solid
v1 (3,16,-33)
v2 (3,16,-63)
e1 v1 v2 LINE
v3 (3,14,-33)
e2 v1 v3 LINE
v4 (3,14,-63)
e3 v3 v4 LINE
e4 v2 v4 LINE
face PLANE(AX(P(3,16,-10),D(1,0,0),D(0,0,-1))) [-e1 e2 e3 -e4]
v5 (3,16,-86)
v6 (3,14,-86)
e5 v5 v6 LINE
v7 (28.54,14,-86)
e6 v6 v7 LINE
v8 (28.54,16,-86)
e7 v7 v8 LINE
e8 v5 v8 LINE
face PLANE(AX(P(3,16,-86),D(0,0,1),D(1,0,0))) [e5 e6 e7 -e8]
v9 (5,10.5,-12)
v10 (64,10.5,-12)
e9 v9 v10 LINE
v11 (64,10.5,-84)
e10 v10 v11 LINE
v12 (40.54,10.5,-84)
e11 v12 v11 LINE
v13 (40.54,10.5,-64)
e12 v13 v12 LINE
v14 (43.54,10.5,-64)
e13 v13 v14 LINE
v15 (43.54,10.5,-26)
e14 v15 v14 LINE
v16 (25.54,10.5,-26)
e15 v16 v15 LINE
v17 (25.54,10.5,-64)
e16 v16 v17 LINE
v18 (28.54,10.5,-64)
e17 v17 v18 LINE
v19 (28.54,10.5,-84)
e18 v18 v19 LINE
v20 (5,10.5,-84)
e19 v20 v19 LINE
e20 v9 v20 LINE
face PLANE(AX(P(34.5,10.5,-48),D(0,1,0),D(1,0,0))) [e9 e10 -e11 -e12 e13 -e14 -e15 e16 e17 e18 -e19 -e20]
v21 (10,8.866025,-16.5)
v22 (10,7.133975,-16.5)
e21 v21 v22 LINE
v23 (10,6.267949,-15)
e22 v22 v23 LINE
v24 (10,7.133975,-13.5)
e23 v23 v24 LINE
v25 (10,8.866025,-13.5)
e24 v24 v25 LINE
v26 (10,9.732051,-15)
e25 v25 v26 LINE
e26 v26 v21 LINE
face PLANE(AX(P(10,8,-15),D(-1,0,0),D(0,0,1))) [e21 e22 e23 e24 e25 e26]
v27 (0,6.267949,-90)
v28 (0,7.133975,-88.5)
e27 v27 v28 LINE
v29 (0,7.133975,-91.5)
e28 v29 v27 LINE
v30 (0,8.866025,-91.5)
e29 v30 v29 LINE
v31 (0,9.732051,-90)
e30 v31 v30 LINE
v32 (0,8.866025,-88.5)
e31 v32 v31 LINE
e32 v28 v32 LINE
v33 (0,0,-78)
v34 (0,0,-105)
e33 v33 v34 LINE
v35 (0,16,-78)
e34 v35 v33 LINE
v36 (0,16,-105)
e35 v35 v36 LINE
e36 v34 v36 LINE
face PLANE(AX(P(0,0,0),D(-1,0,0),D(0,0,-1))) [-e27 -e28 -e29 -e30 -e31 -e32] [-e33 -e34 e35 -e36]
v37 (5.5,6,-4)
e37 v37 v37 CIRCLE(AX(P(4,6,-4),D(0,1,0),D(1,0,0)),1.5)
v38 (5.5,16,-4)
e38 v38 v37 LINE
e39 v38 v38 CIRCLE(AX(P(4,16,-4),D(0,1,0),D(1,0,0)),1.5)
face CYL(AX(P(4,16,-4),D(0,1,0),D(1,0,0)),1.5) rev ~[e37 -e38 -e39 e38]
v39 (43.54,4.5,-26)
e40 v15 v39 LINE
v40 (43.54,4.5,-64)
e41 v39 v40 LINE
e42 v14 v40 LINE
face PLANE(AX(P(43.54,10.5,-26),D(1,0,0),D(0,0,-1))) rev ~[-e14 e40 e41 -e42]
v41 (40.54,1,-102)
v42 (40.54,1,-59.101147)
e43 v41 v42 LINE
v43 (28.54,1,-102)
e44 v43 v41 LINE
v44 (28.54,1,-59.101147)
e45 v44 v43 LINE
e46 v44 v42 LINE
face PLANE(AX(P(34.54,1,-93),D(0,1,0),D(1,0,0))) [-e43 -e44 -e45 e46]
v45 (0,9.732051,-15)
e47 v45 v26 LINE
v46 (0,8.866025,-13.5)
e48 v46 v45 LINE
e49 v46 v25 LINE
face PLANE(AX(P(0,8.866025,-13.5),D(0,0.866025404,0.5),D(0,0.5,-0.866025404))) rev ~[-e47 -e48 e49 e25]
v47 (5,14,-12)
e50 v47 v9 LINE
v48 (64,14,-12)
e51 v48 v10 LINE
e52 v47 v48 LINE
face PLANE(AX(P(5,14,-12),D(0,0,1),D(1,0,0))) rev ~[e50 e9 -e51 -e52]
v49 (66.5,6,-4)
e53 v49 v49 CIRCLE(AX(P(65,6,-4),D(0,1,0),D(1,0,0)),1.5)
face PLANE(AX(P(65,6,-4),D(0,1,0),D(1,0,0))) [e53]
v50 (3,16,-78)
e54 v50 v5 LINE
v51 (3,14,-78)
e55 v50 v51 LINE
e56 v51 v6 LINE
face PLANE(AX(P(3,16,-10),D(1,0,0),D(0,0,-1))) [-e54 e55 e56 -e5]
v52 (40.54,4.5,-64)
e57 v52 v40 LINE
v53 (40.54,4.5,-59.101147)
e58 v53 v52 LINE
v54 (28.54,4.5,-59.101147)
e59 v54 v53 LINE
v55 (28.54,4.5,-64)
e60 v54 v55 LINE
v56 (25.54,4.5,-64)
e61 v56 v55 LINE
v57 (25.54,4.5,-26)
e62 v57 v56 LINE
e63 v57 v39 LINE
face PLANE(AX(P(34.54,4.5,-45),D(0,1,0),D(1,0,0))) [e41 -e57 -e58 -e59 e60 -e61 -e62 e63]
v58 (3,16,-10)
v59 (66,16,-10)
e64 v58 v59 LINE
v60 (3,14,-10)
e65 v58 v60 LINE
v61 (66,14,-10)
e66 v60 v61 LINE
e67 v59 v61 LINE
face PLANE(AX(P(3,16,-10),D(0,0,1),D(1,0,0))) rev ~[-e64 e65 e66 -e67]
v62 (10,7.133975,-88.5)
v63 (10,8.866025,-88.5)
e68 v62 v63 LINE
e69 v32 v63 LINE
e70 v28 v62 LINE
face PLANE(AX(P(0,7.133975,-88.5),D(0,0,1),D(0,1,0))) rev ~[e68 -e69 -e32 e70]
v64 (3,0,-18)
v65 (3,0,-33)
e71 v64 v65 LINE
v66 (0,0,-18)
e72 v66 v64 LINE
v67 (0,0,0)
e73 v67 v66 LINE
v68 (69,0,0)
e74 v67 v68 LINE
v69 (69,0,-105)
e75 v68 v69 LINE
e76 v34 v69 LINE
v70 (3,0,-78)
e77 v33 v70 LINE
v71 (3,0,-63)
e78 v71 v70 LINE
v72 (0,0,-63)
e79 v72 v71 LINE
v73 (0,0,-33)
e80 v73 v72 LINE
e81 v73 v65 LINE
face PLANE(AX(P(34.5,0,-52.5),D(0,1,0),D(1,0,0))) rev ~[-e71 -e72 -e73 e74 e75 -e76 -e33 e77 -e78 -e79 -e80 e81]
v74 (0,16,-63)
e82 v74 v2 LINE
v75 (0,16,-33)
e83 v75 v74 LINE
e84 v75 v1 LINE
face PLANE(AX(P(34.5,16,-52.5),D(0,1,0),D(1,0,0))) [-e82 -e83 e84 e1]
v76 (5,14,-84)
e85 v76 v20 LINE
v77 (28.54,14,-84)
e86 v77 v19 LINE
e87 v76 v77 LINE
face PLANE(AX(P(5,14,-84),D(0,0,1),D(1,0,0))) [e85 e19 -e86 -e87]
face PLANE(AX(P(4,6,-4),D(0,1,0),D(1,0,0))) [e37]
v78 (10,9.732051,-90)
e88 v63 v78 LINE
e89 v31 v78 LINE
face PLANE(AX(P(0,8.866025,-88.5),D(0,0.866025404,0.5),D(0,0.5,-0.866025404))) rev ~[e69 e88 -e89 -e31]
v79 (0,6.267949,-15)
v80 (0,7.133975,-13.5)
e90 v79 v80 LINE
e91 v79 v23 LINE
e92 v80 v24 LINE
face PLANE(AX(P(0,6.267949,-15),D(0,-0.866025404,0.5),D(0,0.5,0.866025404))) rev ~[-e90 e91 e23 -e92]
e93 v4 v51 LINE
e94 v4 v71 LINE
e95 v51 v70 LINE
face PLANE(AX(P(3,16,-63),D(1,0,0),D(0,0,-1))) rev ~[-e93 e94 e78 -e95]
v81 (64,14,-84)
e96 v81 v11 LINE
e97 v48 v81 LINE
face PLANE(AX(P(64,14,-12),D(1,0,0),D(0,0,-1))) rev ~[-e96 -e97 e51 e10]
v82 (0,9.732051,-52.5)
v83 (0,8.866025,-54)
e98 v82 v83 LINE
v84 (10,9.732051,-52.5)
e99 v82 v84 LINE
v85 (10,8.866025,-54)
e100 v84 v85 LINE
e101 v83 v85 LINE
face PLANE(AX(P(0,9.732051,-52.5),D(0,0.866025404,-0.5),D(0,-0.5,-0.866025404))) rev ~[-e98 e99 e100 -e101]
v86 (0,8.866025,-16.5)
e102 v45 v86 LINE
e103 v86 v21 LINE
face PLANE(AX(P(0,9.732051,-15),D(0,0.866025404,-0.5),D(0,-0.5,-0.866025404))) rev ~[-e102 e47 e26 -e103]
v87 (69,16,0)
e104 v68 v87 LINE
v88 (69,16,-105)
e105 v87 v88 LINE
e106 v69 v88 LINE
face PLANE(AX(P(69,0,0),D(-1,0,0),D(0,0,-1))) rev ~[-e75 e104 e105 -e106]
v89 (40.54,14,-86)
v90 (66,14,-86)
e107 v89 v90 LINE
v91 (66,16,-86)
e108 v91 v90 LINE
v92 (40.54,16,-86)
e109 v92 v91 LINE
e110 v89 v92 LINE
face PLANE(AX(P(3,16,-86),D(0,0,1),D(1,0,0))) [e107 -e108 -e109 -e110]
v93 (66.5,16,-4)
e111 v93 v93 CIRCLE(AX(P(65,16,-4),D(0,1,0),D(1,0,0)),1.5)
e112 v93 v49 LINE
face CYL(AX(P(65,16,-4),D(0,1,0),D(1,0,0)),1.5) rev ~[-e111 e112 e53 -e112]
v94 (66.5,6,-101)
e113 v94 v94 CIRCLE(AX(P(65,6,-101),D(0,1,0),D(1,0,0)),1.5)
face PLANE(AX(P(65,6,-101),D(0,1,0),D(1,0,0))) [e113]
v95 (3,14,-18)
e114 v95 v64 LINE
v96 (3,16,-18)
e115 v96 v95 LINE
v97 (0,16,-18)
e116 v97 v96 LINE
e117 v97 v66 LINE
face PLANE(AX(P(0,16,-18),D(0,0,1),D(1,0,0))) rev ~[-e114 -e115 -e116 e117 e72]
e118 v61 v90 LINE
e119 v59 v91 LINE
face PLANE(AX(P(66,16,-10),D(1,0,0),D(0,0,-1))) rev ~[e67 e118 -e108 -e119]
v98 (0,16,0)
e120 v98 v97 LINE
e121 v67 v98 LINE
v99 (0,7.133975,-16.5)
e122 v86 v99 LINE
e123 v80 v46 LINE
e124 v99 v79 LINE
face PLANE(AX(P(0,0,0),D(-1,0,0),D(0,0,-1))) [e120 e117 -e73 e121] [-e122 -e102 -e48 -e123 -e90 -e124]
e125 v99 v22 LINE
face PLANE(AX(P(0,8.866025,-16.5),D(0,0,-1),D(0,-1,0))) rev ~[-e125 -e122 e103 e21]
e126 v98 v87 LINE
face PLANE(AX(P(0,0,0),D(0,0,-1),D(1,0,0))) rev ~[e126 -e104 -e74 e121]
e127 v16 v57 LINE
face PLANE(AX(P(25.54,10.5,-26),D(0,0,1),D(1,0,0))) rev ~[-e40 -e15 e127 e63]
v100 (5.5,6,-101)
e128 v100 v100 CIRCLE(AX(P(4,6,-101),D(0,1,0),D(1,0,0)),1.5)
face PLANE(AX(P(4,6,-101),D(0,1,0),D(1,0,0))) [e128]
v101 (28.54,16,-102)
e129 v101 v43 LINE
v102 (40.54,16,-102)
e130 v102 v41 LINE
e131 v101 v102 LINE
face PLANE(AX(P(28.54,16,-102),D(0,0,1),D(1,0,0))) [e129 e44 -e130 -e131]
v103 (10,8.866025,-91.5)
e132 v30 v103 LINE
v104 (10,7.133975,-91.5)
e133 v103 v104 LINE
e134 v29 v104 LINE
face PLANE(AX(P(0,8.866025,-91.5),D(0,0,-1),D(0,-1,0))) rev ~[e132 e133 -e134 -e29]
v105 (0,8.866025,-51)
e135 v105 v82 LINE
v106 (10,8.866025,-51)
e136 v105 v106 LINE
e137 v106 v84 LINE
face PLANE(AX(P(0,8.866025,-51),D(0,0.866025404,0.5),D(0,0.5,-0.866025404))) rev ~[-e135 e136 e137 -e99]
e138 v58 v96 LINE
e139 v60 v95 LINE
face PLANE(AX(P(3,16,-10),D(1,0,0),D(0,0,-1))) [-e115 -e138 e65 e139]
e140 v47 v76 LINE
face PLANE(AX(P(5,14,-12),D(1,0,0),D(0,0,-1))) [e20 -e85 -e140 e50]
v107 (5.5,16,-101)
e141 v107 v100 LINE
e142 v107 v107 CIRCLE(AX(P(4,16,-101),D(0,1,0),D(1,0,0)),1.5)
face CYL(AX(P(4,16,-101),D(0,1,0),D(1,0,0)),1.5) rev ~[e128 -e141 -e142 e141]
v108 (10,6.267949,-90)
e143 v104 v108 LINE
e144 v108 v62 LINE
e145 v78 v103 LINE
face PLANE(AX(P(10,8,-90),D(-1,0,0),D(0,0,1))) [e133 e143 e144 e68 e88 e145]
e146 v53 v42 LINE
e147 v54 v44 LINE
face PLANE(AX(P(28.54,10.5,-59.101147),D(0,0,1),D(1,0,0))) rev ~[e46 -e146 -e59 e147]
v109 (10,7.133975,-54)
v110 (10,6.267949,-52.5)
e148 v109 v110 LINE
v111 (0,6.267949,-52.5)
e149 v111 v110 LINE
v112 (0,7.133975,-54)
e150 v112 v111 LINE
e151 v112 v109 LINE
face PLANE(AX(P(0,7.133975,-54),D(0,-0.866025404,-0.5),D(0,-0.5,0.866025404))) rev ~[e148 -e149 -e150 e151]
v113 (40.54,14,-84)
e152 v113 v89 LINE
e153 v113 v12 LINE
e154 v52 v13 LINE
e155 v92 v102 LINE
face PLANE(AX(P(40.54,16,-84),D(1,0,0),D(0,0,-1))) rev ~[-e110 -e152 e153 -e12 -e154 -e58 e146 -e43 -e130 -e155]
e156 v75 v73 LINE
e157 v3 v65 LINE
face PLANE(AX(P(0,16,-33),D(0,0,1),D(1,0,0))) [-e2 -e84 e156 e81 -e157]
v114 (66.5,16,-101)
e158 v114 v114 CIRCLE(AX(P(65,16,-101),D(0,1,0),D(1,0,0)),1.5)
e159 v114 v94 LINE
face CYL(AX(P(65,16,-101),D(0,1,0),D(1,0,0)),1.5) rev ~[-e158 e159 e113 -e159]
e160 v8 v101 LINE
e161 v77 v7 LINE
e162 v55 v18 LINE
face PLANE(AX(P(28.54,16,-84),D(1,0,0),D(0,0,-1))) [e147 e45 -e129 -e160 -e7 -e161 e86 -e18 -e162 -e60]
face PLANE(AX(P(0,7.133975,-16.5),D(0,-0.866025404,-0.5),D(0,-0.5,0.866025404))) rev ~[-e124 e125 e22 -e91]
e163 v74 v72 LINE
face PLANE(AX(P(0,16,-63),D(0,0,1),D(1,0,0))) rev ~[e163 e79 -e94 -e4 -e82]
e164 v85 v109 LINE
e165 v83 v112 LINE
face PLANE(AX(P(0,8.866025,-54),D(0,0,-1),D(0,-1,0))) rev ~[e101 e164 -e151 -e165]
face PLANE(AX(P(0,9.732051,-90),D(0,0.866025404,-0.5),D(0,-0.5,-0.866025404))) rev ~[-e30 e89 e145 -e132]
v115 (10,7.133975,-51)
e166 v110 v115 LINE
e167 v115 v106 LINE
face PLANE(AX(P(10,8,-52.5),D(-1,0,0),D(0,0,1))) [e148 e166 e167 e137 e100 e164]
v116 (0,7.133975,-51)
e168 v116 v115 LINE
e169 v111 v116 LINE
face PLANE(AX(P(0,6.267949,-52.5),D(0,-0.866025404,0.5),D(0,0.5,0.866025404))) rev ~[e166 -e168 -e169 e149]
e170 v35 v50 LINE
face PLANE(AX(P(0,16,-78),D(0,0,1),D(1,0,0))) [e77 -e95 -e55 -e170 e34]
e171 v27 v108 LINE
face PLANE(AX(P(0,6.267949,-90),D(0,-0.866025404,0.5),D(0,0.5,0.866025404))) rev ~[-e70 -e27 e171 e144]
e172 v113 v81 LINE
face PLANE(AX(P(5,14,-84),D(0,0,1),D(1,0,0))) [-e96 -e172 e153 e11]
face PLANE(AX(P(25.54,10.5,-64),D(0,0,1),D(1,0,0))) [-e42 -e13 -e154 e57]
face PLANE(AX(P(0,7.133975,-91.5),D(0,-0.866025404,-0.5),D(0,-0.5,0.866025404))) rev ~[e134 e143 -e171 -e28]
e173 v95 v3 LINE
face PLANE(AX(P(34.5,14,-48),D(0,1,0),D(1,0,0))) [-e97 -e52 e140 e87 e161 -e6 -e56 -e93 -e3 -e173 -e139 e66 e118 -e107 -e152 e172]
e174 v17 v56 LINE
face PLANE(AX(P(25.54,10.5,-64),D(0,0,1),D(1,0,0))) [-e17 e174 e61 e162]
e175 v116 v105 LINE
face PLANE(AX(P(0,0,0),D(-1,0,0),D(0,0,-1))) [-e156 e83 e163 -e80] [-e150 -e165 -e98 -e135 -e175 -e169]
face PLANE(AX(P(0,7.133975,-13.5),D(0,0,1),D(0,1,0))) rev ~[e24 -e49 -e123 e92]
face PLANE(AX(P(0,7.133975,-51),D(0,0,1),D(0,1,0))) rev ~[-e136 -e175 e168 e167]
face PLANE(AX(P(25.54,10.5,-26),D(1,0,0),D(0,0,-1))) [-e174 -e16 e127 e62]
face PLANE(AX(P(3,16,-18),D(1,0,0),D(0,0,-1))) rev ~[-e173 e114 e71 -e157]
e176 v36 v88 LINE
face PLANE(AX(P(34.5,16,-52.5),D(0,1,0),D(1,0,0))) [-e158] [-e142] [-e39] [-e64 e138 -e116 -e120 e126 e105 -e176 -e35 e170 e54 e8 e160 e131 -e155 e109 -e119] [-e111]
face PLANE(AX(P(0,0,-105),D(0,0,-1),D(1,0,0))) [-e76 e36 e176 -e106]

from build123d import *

# Parameters (mm, degrees)
SKETCH1_W           = 69
SKETCH1_H           = 105
BOSS_EXTRUDE1_DEPTH = 16
SKETCH2_W           = 63
SKETCH2_H           = 76
CUT_EXTRUDE1_DEPTH  = 2
SKETCH3_W           = 59
SKETCH3_H           = 72
CUT_EXTRUDE2_DEPTH  = 3.5
SKETCH4_W           = 18
SKETCH4_H           = 38
CUT_EXTRUDE3_DEPTH  = 6
SKETCH5_W           = 12
SKETCH5_H           = 31.473581166
CUT_EXTRUDE4_DEPTH  = 9.5
SKETCH6_W           = 12
SKETCH6_H           = 18
CUT_EXTRUDE5_DEPTH  = 15
SKETCH7_R           = 1.5
CUT_EXTRUDE6_DEPTH  = 10
CUT_EXTRUDE7_DEPTH  = 10
SKETCH13_W          = 3
SKETCH13_H          = 15
CUT_EXTRUDE8_DEPTH  = 17


with BuildPart() as part:
    # Sketch1 → Boss-Extrude1 (new body)
    with BuildSketch(Plane(origin=(0, 0, 0), x_dir=(1, 0, 0), z_dir=(0, 1, 0))):
        with Locations((34.5, 52.5)):
            Rectangle(SKETCH1_W, SKETCH1_H)
    extrude(amount=BOSS_EXTRUDE1_DEPTH)

    # Sketch2 → Cut-Extrude1 (cut)
    with BuildSketch(Plane(origin=(0, 16, 0), x_dir=(1, 0, 0), z_dir=(0, 1, 0))):
        with Locations((34.5, 48)):
            Rectangle(SKETCH2_W, SKETCH2_H)
    extrude(amount=-CUT_EXTRUDE1_DEPTH, mode=Mode.SUBTRACT)

    # Sketch3 → Cut-Extrude2 (cut)
    with BuildSketch(Plane(origin=(0, 14, 0), x_dir=(1, 0, 0), z_dir=(0, 1, 0))):
        with Locations((34.5, 48)):
            Rectangle(SKETCH3_W, SKETCH3_H)
    extrude(amount=-CUT_EXTRUDE2_DEPTH, mode=Mode.SUBTRACT)

    # Sketch4 → Cut-Extrude3 (cut)
    with BuildSketch(Plane(origin=(0, 10.5, 0), x_dir=(1, 0, 0), z_dir=(0, 1, 0))):
        with Locations((34.54, 45)):
            Rectangle(SKETCH4_W, SKETCH4_H)
    extrude(amount=-CUT_EXTRUDE3_DEPTH, mode=Mode.SUBTRACT)

    # Sketch5 → Cut-Extrude4 (cut)
    with BuildSketch(Plane(origin=(0, 10.5, 0), x_dir=(1, 0, 0), z_dir=(0, 1, 0))):
        with Locations((34.54, 74.837937429)):
            Rectangle(SKETCH5_W, SKETCH5_H)
    extrude(amount=-CUT_EXTRUDE4_DEPTH, mode=Mode.SUBTRACT)

    # Sketch6 → Cut-Extrude5 (cut)
    with BuildSketch(Plane(origin=(0, 16, 0), x_dir=(1, 0, 0), z_dir=(0, 1, 0))):
        with Locations((34.54, 93)):
            Rectangle(SKETCH6_W, SKETCH6_H)
    extrude(amount=-CUT_EXTRUDE5_DEPTH, mode=Mode.SUBTRACT)

    # Sketch7 → Cut-Extrude6 (cut)
    with BuildSketch(Plane(origin=(0, 16, 0), x_dir=(1, 0, 0), z_dir=(0, 1, 0))):
        with Locations((4, 4)):
            Circle(SKETCH7_R)
        with Locations((65, 4)):
            Circle(SKETCH7_R)
        with Locations((65, 101)):
            Circle(SKETCH7_R)
        with Locations((4, 101)):
            Circle(SKETCH7_R)
    extrude(amount=-CUT_EXTRUDE6_DEPTH, mode=Mode.SUBTRACT)

    # Sketch10 → Cut-Extrude7 (cut)
    with BuildSketch(Plane.ZY):
        Polygon((-90, 9.732050808), (-91.5, 8.866025404), (-91.5, 7.133974596), (-90, 6.267949192), (-88.5, 7.133974596), (-88.5, 8.866025404), align=None)
        Polygon((-52.5, 9.732050808), (-54, 8.866025404), (-54, 7.133974596), (-52.5, 6.267949192), (-51, 7.133974596), (-51, 8.866025404), align=None)
        Polygon((-15, 9.732050808), (-16.5, 8.866025404), (-16.5, 7.133974596), (-15, 6.267949192), (-13.5, 7.133974596), (-13.5, 8.866025404), align=None)
    extrude(amount=-CUT_EXTRUDE7_DEPTH, mode=Mode.SUBTRACT)

    # Sketch13 → Cut-Extrude8 (cut, through all)
    with BuildSketch(Plane(origin=(0, 16, 0), x_dir=(1, 0, 0), z_dir=(0, 1, 0))):
        with Locations((1.5, 70.5)):
            Rectangle(SKETCH13_W, SKETCH13_H)
        with Locations((1.5, 25.5)):
            Rectangle(SKETCH13_W, SKETCH13_H)
    extrude(amount=-CUT_EXTRUDE8_DEPTH, mode=Mode.SUBTRACT)


solid = part.part
